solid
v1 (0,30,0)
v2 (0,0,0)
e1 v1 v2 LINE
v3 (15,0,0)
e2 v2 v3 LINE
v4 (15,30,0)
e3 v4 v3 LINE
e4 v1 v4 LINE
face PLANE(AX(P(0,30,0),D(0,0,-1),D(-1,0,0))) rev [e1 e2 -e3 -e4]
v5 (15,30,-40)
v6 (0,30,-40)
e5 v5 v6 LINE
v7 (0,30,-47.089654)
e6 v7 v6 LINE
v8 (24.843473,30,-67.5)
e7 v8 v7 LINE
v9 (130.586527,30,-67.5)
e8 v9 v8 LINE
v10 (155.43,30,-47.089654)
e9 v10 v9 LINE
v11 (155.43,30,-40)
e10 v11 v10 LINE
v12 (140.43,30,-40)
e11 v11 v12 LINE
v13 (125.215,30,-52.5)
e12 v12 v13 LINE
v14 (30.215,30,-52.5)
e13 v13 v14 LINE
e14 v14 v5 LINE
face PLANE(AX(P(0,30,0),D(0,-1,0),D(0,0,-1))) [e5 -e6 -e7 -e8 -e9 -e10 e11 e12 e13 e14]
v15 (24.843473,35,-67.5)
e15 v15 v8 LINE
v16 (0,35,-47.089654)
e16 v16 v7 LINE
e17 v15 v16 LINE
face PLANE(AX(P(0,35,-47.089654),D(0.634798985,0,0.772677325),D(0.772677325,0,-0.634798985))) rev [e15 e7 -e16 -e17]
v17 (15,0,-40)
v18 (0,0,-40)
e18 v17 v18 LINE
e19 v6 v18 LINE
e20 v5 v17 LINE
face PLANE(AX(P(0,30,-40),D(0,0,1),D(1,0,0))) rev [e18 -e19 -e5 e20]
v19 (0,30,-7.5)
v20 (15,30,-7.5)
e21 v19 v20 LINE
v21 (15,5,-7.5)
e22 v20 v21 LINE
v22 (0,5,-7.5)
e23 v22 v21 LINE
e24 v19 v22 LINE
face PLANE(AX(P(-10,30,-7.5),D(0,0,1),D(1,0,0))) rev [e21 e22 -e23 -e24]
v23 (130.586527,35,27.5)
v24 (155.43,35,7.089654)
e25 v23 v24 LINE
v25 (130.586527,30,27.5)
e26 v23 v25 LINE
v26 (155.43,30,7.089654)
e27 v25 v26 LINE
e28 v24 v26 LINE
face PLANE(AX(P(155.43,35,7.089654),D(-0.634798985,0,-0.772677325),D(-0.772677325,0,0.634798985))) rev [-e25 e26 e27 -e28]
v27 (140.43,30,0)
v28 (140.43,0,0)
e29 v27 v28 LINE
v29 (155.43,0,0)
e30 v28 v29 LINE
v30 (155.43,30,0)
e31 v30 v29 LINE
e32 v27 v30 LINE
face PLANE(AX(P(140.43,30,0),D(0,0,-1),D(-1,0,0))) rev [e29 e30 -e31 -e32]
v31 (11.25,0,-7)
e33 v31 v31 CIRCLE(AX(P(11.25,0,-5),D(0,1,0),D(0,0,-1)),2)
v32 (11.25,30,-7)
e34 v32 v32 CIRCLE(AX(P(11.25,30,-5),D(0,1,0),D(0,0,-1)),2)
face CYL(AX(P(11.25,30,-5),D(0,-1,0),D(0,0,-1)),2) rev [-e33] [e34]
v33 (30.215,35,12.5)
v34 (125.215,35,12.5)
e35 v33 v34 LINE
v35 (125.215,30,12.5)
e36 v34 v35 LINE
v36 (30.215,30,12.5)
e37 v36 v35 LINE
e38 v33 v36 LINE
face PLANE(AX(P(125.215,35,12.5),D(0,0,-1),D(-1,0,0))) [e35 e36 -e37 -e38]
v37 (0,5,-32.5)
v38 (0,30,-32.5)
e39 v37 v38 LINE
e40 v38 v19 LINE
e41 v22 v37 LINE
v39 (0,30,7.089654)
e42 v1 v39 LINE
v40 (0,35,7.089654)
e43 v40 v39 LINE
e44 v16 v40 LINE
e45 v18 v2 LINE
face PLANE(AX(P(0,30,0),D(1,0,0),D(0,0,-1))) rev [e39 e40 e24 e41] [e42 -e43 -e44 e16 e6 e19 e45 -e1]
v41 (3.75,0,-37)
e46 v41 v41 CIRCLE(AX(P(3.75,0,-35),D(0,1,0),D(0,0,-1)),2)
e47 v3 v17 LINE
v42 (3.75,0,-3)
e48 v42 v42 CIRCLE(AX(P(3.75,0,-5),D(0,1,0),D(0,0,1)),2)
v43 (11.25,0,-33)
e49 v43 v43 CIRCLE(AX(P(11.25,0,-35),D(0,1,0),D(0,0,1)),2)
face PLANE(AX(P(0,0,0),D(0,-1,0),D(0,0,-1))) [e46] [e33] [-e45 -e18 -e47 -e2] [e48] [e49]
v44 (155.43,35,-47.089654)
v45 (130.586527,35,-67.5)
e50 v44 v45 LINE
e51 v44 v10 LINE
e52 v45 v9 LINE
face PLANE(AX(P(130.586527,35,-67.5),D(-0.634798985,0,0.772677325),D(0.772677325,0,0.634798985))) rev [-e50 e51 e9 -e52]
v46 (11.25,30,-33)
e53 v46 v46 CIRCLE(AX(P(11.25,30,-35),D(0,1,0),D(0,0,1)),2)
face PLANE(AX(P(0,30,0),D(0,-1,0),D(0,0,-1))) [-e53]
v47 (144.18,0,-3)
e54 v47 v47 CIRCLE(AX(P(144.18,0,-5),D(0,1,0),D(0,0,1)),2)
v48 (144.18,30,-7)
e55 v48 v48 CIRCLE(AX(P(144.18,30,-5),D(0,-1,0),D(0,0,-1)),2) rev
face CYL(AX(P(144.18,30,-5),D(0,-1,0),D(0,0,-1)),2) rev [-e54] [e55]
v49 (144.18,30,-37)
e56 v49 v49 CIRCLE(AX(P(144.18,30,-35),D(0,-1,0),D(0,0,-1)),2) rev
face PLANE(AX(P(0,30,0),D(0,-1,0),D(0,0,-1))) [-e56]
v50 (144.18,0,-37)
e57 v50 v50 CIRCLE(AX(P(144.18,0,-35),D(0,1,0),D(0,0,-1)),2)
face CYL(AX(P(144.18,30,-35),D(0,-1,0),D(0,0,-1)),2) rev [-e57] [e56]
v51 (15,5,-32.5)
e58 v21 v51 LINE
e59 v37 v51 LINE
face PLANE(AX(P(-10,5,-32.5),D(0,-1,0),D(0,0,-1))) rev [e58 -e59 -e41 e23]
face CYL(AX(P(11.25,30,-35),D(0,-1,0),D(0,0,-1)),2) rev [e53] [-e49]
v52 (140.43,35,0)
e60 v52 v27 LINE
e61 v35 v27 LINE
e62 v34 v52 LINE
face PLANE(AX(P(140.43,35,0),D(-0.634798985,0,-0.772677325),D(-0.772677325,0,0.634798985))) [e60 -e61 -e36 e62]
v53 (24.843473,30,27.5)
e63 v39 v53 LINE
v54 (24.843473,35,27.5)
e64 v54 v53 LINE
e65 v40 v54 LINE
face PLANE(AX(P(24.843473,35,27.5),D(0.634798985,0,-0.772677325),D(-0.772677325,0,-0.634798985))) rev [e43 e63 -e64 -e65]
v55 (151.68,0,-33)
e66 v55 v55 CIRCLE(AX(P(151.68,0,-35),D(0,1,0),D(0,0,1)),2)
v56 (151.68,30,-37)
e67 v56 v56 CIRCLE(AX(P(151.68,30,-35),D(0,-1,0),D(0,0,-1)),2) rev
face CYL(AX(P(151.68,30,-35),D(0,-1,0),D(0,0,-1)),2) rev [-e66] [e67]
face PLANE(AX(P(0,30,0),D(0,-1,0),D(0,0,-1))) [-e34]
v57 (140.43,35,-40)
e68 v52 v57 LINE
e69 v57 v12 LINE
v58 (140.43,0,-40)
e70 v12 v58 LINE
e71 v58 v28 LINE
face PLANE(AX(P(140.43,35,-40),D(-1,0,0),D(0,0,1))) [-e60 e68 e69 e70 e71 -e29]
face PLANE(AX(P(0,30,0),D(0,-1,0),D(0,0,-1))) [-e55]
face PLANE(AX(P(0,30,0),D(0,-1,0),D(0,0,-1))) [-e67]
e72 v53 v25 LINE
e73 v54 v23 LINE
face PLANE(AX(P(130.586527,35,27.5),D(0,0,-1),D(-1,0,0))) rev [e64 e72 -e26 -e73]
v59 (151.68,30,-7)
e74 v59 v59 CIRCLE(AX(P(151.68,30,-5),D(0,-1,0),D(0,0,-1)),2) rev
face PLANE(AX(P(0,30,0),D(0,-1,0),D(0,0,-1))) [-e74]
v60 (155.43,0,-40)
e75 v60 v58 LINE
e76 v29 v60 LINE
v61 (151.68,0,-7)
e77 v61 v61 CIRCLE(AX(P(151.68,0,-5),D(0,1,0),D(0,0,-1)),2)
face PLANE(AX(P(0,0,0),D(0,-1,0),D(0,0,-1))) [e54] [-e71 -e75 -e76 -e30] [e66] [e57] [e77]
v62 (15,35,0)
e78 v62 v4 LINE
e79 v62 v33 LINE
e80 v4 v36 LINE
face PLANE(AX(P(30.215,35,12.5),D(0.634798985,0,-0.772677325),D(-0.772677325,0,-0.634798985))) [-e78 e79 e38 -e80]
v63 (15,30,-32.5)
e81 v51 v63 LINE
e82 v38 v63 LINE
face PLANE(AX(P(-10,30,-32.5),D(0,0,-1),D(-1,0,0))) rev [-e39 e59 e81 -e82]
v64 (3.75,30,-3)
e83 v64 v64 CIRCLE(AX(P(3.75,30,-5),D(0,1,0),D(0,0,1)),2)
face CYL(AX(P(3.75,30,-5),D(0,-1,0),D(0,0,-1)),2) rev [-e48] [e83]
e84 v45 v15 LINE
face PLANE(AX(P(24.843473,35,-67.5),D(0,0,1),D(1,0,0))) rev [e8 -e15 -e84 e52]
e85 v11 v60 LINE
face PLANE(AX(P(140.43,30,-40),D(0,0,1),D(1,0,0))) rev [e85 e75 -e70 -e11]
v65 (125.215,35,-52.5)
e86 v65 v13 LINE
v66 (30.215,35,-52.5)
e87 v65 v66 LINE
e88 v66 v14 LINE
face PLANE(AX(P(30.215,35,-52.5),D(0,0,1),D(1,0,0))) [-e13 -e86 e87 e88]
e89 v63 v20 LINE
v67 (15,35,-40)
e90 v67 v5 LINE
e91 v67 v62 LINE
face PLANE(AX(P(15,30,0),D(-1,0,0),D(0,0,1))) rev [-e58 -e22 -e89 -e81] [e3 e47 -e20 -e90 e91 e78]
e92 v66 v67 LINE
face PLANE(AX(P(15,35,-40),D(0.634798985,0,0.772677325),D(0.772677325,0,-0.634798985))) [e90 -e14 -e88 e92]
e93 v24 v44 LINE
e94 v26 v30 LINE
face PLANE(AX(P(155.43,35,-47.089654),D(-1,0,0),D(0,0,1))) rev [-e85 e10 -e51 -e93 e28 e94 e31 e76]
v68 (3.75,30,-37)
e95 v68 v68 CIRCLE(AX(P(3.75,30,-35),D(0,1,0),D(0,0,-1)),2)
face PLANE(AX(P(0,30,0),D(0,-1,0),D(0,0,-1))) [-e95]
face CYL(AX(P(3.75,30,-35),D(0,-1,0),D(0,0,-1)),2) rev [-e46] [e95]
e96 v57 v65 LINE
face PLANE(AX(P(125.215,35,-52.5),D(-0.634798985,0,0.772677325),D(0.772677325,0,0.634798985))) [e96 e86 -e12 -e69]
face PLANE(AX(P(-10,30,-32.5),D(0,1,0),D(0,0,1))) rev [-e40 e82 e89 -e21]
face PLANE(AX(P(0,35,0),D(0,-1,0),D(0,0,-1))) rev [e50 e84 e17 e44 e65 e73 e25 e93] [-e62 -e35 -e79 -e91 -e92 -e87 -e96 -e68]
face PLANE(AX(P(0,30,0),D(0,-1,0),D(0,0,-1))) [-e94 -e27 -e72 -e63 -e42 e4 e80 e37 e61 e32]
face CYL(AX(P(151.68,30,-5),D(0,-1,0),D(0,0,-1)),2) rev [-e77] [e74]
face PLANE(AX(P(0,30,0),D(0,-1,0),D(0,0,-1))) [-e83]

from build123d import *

# Parameters (mm, degrees)
SKETCH1_W             = 15
SKETCH1_H             = 40
SKETCH1_R             = 2
BOSS_EXTRUDE1_DEPTH   = 30
BOSS_EXTRUDE1_2_DEPTH = 30
BOSS_EXTRUDE2_DEPTH   = 5
SKETCH3_W             = 25
SKETCH3_H             = 25
CUT_EXTRUDE1_DEPTH    = 25


with BuildPart() as part:
    # Sketch1 → Boss-Extrude1 (new body)
    with BuildSketch(Plane(origin=(0, 0, 0), x_dir=(1, 0, 0), z_dir=(0, 1, 0))):
        with Locations((7.5, 20)):
            Rectangle(SKETCH1_W, SKETCH1_H)
        with Locations(Location((3.75, 35, 0), (0, 0, 90))):
            Circle(SKETCH1_R, mode=Mode.SUBTRACT)
        with Locations(Location((11.25, 35, 0), (0, 0, 270))):
            Circle(SKETCH1_R, mode=Mode.SUBTRACT)
        with Locations(Location((11.25, 5, 0), (0, 0, 90))):
            Circle(SKETCH1_R, mode=Mode.SUBTRACT)
        with Locations(Location((3.75, 5, 0), (0, 0, 270))):
            Circle(SKETCH1_R, mode=Mode.SUBTRACT)
    extrude(amount=BOSS_EXTRUDE1_DEPTH)



with BuildPart() as body_2:
    # Sketch1 → Boss-Extrude1 2 (new body)
    with BuildSketch(Plane(origin=(0, 0, 0), x_dir=(1, 0, 0), z_dir=(0, 1, 0))):
        with Locations((147.93, 20)):
            Rectangle(SKETCH1_W, SKETCH1_H)
        with Locations(Location((144.18, 5, 0), (0, 0, 270))):
            Circle(SKETCH1_R, mode=Mode.SUBTRACT)
        with Locations(Location((151.68, 5, 0), (0, 0, 90))):
            Circle(SKETCH1_R, mode=Mode.SUBTRACT)
        with Locations(Location((151.68, 35, 0), (0, 0, 270))):
            Circle(SKETCH1_R, mode=Mode.SUBTRACT)
        with Locations(Location((144.18, 35, 0), (0, 0, 90))):
            Circle(SKETCH1_R, mode=Mode.SUBTRACT)
    extrude(amount=BOSS_EXTRUDE1_2_DEPTH)


with BuildPart() as part_1:
    add(part.part)

    add(body_2.part)  # Boss-Extrude2 merges body 2
    # Sketch2 → Boss-Extrude2 (add)
    with BuildSketch(Plane(origin=(0, 30, 0), x_dir=(1, 0, 0), z_dir=(0, 1, 0))):
        Polygon((130.586527376, -27.5), (24.843472624, -27.5), (0, -7.089654433), (0, 47.089654433), (24.843472624, 67.5), (130.586527376, 67.5), (155.43, 47.089654433), (155.43, -7.089654433), align=None)
        Polygon((15, 40), (30.215, 52.5), (125.215, 52.5), (140.43, 40), (140.43, 0), (125.215, -12.5), (30.215, -12.5), (15, 0), align=None, mode=Mode.SUBTRACT)
    extrude(amount=BOSS_EXTRUDE2_DEPTH)

    # Sketch3 → Cut-Extrude1 (cut)
    with BuildSketch(Plane(origin=(15, 0, 0), x_dir=(0, 0, -1), z_dir=(1, 0, 0))):
        with Locations((20, 17.5)):
            Rectangle(SKETCH3_W, SKETCH3_H)
    extrude(amount=-CUT_EXTRUDE1_DEPTH, mode=Mode.SUBTRACT)


solid = part_1.part
